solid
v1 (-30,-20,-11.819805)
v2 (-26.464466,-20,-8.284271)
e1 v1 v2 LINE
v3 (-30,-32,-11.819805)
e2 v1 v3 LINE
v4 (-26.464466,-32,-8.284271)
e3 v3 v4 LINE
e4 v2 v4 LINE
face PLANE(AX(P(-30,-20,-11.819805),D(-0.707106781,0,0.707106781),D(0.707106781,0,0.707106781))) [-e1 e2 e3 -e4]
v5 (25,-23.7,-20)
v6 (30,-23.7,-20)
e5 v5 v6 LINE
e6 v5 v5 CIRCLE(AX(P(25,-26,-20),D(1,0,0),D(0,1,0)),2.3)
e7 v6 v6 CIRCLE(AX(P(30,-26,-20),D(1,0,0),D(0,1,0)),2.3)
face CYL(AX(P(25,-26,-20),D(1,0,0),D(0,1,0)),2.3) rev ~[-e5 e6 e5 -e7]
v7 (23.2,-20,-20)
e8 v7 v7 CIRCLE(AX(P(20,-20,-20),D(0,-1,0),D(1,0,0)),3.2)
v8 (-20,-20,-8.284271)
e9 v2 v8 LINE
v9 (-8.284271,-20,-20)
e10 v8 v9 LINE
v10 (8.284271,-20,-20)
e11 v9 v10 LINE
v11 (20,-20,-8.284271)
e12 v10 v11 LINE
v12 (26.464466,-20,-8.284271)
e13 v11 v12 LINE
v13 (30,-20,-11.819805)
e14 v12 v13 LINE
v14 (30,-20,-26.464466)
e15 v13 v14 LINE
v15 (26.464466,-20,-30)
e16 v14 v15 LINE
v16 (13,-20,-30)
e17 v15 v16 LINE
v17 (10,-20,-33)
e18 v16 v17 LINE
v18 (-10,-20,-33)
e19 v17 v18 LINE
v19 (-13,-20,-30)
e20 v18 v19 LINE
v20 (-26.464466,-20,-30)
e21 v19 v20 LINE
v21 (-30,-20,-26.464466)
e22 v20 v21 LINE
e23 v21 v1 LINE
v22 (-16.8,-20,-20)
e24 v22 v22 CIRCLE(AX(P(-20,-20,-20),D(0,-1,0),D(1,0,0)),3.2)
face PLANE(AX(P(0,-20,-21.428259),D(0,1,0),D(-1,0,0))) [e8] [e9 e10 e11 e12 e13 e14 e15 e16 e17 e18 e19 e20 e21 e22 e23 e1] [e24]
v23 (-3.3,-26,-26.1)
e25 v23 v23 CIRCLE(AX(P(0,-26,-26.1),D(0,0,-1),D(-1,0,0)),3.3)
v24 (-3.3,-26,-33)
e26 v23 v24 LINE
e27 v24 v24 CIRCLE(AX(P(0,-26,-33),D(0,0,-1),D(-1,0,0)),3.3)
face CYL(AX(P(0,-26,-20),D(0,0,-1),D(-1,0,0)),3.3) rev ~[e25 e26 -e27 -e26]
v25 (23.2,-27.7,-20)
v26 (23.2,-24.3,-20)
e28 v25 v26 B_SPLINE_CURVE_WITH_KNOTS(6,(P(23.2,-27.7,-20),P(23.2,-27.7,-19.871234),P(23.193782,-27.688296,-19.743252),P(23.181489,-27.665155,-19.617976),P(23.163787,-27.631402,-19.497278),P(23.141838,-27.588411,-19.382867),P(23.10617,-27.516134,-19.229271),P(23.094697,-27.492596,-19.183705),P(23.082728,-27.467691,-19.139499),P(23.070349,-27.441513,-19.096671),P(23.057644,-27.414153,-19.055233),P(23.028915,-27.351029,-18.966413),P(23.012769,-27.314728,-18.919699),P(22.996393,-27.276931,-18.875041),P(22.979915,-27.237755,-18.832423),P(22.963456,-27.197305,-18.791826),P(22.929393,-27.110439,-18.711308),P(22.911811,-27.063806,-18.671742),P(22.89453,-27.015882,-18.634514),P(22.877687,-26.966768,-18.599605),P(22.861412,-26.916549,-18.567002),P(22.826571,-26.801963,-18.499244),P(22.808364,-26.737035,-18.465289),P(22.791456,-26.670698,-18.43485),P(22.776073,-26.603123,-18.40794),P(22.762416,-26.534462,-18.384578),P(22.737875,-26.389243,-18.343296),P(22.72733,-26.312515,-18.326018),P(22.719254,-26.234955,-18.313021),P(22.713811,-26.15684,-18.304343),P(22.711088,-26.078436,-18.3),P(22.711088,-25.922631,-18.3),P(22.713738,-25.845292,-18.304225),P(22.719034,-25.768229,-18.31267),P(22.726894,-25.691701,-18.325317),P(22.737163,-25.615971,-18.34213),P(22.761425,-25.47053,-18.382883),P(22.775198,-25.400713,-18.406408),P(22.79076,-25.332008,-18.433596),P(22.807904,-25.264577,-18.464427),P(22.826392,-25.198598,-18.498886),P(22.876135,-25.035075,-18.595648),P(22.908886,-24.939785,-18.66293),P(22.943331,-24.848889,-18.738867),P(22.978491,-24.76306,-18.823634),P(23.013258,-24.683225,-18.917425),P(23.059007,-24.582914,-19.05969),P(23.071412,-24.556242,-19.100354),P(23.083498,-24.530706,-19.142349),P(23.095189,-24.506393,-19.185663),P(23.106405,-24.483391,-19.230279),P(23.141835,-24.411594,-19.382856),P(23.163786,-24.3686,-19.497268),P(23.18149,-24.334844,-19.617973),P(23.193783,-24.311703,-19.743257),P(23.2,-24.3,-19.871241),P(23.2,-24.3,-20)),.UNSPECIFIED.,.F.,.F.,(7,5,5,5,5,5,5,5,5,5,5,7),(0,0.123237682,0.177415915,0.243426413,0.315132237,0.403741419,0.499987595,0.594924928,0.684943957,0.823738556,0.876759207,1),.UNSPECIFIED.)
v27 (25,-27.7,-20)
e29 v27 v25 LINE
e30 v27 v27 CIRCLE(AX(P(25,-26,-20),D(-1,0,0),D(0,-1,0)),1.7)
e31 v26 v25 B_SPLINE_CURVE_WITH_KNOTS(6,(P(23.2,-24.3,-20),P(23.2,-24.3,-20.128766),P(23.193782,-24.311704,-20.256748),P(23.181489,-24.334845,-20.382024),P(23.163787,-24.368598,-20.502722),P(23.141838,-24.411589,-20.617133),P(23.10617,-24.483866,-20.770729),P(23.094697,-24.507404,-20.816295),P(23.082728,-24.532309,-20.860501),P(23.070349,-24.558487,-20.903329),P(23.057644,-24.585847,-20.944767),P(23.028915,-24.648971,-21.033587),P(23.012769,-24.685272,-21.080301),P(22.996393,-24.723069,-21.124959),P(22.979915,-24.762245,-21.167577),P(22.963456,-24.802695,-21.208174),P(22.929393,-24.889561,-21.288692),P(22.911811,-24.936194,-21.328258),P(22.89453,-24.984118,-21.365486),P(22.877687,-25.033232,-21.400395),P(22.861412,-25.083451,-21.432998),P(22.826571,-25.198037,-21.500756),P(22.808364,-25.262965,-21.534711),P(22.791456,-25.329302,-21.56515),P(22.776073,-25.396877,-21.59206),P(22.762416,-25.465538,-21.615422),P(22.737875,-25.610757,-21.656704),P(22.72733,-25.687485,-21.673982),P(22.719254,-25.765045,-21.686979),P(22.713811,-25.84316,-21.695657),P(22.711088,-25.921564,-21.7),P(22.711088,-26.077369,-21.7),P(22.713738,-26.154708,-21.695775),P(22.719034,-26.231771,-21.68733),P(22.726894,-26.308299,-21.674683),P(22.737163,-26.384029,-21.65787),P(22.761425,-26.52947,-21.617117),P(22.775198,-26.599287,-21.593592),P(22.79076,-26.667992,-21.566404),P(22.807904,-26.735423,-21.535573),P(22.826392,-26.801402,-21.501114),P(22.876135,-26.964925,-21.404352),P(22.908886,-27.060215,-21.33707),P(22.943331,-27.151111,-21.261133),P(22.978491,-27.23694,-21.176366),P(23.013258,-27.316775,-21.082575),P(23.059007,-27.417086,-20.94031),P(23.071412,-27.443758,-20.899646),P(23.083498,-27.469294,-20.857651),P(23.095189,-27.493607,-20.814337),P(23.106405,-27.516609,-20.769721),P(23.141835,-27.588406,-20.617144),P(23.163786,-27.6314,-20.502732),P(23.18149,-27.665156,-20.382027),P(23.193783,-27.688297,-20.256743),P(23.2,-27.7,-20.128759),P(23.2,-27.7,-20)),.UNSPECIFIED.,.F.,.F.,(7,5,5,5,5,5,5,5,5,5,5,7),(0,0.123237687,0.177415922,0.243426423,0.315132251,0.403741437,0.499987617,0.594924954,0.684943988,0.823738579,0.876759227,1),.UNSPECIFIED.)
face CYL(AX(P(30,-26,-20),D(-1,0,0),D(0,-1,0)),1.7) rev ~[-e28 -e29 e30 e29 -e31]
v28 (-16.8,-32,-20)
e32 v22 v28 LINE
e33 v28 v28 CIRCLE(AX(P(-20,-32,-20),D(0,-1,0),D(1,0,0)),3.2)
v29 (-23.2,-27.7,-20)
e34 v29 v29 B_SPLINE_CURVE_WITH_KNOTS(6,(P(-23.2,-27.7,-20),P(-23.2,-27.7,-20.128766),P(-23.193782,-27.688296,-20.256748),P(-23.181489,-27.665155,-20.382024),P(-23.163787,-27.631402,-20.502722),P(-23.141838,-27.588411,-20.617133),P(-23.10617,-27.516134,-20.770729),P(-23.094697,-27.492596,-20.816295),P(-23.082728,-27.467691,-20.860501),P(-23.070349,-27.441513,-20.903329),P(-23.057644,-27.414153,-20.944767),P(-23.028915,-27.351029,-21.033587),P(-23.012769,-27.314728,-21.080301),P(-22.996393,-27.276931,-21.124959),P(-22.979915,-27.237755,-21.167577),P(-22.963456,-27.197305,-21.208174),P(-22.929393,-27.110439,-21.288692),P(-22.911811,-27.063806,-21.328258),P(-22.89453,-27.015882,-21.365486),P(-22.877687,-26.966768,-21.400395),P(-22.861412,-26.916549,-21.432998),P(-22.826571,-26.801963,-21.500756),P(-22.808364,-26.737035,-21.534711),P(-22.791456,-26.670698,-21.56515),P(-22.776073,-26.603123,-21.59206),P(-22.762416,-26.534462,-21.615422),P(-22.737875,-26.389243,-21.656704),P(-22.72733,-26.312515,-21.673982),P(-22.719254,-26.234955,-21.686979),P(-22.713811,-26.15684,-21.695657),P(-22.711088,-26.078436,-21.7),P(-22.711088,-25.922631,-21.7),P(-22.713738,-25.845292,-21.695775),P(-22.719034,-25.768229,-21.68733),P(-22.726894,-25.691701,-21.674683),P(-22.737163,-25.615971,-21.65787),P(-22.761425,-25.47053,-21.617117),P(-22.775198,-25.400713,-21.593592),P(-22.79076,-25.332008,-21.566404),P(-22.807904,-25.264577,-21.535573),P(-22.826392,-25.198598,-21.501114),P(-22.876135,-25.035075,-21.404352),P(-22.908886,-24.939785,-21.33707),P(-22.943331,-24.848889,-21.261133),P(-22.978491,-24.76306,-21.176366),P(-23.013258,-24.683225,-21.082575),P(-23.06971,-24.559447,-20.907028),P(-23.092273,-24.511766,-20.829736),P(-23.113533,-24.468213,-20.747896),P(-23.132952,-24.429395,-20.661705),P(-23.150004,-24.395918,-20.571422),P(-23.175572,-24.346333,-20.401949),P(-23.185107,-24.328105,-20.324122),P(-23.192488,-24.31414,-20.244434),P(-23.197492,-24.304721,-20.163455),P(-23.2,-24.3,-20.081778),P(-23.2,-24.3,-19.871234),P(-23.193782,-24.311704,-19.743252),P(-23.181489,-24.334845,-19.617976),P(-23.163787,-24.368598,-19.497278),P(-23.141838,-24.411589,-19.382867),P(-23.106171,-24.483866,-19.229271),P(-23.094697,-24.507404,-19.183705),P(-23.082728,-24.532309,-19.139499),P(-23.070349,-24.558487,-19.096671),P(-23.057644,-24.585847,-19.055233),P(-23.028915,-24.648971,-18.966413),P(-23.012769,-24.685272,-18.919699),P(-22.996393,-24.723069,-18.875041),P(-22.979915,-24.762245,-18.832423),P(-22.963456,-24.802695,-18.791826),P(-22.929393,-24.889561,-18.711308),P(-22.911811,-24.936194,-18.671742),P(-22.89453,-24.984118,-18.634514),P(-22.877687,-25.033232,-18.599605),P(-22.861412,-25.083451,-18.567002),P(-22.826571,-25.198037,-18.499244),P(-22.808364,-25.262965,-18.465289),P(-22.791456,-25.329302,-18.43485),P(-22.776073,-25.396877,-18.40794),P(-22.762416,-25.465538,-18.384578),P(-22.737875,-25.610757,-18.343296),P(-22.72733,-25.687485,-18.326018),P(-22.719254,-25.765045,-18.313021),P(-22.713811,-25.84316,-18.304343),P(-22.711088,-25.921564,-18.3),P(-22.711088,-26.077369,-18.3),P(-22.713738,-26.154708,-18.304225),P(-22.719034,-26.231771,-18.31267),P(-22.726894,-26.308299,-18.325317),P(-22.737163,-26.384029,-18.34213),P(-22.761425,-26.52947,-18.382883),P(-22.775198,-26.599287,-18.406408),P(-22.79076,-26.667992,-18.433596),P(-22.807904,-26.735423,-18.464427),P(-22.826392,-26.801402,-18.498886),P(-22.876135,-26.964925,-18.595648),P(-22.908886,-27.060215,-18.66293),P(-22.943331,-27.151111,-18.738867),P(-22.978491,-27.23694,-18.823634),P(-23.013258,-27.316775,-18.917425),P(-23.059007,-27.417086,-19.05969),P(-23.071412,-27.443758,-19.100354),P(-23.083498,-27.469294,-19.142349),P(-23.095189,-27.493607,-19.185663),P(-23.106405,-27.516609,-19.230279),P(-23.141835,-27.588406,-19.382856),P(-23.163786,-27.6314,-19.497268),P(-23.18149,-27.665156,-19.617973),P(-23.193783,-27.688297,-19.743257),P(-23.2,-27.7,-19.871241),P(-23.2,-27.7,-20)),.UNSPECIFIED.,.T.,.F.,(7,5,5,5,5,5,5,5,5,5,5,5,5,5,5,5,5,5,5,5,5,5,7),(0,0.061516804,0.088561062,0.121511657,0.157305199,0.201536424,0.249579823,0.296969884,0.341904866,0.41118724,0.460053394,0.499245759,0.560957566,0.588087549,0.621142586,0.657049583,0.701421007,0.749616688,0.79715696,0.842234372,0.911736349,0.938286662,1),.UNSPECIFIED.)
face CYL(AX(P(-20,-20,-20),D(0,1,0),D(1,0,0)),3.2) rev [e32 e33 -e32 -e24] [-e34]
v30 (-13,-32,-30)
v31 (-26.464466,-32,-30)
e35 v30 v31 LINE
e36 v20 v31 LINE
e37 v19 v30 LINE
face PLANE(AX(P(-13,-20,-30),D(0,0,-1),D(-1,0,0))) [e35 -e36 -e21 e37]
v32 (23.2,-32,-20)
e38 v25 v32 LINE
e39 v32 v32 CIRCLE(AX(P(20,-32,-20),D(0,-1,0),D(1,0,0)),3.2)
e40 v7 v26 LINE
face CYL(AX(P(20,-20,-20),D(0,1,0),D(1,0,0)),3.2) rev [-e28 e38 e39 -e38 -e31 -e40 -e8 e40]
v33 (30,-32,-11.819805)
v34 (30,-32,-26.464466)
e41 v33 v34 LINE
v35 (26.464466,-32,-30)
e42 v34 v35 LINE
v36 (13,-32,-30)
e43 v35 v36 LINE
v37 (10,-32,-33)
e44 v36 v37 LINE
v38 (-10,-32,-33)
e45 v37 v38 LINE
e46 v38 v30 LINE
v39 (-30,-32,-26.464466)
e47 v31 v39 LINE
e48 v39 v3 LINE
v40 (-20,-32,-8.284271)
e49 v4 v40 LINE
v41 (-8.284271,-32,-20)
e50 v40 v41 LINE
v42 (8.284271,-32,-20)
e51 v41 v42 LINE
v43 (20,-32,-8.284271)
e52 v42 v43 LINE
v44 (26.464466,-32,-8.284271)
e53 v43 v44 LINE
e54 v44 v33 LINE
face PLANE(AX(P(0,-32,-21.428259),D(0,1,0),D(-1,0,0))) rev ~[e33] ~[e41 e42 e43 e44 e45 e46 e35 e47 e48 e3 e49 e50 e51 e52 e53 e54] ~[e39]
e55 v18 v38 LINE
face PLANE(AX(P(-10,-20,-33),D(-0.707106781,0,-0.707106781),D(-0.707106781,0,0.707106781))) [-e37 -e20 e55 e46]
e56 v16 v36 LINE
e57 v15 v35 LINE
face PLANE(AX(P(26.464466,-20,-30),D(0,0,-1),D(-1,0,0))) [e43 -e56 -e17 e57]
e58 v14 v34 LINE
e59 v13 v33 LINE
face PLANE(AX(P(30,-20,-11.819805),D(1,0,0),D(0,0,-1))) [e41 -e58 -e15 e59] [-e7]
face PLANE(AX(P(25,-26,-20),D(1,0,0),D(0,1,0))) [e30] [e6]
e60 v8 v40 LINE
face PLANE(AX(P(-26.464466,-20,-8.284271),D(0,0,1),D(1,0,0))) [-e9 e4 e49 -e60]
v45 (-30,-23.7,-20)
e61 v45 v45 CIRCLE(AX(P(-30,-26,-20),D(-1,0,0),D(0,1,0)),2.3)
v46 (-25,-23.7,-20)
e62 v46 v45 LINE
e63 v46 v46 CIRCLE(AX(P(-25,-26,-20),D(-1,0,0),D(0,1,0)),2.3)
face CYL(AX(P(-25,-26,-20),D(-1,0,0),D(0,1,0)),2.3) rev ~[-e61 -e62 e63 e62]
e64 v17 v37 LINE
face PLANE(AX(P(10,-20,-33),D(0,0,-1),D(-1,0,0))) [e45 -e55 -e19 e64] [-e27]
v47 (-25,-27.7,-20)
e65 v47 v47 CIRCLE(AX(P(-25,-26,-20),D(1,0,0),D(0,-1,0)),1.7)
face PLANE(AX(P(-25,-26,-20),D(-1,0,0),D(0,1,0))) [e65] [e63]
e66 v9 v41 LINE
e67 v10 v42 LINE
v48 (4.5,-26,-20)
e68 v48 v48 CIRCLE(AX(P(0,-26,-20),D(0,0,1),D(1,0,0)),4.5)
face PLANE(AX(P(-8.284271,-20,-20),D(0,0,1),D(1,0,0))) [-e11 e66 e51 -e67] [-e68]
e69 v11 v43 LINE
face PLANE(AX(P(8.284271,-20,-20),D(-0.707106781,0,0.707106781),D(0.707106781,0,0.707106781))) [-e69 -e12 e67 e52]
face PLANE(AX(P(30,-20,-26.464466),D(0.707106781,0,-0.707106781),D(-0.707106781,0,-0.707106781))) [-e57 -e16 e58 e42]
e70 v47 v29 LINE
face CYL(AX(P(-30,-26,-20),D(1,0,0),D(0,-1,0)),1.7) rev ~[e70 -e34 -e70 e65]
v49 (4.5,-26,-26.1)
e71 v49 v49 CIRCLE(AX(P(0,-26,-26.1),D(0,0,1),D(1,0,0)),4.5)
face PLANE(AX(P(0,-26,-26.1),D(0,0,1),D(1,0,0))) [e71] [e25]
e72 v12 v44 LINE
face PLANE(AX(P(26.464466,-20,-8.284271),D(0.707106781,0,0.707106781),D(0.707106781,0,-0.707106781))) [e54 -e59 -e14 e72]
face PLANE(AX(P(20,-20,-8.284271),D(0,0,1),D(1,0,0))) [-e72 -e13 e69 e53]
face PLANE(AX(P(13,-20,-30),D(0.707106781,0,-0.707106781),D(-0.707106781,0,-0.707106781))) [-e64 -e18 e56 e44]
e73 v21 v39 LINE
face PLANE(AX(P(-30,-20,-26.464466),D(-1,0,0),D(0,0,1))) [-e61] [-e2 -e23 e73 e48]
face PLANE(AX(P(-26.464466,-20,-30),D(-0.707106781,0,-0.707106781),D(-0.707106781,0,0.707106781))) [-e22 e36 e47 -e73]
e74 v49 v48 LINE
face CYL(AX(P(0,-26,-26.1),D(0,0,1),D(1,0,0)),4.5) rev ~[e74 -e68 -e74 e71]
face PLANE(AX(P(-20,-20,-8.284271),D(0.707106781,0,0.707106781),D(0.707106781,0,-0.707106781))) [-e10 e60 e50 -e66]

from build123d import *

# Parameters (mm, degrees)
SKETCH010_R         = 3.2
PAD003_DEPTH        = 12
HOLE004_D           = 6.6
HOLE004_DEPTH       = 25
HOLE004_CBORE_D     = 9
HOLE004_CBORE_DEPTH = 6.1
HOLE005_D           = 3.4
HOLE005_DEPTH       = 10
HOLE005_CBORE_D     = 4.6
HOLE005_CBORE_DEPTH = 5
HOLE005_TIPS_R      = 1.7
HOLE006_D           = 3.4
HOLE006_DEPTH       = 10
HOLE006_CBORE_D     = 4.6
HOLE006_CBORE_DEPTH = 5


with BuildPart() as part:
    # Sketch010 (on DatumPlane) → Pad003 (new body)
    with BuildSketch(Plane.XZ.offset(20)):
        Polygon((30, -11.819805), (30, -26.464466), (26.464466, -30), (13, -30), (10, -33), (-10, -33), (-13, -30), (-26.464466, -30), (-30, -26.464466), (-30, -11.819805), (-26.464466, -8.284271), (-20, -8.284271), (-8.284271, -20), (8.284271, -20), (20, -8.284271), (26.464466, -8.284271), align=None)
        with Locations((20, -20)):
            Circle(SKETCH010_R, mode=Mode.SUBTRACT)
        with Locations((-20, -20)):
            Circle(SKETCH010_R, mode=Mode.SUBTRACT)
    extrude(amount=PAD003_DEPTH)

    # Hole004
    with Locations(Plane.XY.offset(-20)):
        with Locations((0, -26)):
            CounterBoreHole(HOLE004_D / 2, HOLE004_CBORE_D / 2, HOLE004_CBORE_DEPTH, depth=HOLE004_DEPTH)

    # Hole005
    with Locations(Plane.YZ.offset(30)):
        with Locations((-26, -20)):
            CounterBoreHole(HOLE005_D / 2, HOLE005_CBORE_D / 2, HOLE005_CBORE_DEPTH, depth=HOLE005_DEPTH)

    # Hole005 tips → Hole005 tip 1 section 0
    with BuildSketch(Plane.YZ.offset(20), mode=Mode.PRIVATE) as hole005_tip_1_s0:
        with Locations((-26, -20)):
            Circle(HOLE005_TIPS_R)
    loft([hole005_tip_1_s0.sketch, Vertex(18.978537, -26, -20)], mode=Mode.SUBTRACT)

    # Hole006
    with Locations(Plane(origin=(-30, 0, 0), x_dir=(0, 1, 0), z_dir=(-1, 0, 0))):
        with Locations((-26, 20)):
            CounterBoreHole(HOLE006_D / 2, HOLE006_CBORE_D / 2, HOLE006_CBORE_DEPTH, depth=HOLE006_DEPTH)


solid = part.part
